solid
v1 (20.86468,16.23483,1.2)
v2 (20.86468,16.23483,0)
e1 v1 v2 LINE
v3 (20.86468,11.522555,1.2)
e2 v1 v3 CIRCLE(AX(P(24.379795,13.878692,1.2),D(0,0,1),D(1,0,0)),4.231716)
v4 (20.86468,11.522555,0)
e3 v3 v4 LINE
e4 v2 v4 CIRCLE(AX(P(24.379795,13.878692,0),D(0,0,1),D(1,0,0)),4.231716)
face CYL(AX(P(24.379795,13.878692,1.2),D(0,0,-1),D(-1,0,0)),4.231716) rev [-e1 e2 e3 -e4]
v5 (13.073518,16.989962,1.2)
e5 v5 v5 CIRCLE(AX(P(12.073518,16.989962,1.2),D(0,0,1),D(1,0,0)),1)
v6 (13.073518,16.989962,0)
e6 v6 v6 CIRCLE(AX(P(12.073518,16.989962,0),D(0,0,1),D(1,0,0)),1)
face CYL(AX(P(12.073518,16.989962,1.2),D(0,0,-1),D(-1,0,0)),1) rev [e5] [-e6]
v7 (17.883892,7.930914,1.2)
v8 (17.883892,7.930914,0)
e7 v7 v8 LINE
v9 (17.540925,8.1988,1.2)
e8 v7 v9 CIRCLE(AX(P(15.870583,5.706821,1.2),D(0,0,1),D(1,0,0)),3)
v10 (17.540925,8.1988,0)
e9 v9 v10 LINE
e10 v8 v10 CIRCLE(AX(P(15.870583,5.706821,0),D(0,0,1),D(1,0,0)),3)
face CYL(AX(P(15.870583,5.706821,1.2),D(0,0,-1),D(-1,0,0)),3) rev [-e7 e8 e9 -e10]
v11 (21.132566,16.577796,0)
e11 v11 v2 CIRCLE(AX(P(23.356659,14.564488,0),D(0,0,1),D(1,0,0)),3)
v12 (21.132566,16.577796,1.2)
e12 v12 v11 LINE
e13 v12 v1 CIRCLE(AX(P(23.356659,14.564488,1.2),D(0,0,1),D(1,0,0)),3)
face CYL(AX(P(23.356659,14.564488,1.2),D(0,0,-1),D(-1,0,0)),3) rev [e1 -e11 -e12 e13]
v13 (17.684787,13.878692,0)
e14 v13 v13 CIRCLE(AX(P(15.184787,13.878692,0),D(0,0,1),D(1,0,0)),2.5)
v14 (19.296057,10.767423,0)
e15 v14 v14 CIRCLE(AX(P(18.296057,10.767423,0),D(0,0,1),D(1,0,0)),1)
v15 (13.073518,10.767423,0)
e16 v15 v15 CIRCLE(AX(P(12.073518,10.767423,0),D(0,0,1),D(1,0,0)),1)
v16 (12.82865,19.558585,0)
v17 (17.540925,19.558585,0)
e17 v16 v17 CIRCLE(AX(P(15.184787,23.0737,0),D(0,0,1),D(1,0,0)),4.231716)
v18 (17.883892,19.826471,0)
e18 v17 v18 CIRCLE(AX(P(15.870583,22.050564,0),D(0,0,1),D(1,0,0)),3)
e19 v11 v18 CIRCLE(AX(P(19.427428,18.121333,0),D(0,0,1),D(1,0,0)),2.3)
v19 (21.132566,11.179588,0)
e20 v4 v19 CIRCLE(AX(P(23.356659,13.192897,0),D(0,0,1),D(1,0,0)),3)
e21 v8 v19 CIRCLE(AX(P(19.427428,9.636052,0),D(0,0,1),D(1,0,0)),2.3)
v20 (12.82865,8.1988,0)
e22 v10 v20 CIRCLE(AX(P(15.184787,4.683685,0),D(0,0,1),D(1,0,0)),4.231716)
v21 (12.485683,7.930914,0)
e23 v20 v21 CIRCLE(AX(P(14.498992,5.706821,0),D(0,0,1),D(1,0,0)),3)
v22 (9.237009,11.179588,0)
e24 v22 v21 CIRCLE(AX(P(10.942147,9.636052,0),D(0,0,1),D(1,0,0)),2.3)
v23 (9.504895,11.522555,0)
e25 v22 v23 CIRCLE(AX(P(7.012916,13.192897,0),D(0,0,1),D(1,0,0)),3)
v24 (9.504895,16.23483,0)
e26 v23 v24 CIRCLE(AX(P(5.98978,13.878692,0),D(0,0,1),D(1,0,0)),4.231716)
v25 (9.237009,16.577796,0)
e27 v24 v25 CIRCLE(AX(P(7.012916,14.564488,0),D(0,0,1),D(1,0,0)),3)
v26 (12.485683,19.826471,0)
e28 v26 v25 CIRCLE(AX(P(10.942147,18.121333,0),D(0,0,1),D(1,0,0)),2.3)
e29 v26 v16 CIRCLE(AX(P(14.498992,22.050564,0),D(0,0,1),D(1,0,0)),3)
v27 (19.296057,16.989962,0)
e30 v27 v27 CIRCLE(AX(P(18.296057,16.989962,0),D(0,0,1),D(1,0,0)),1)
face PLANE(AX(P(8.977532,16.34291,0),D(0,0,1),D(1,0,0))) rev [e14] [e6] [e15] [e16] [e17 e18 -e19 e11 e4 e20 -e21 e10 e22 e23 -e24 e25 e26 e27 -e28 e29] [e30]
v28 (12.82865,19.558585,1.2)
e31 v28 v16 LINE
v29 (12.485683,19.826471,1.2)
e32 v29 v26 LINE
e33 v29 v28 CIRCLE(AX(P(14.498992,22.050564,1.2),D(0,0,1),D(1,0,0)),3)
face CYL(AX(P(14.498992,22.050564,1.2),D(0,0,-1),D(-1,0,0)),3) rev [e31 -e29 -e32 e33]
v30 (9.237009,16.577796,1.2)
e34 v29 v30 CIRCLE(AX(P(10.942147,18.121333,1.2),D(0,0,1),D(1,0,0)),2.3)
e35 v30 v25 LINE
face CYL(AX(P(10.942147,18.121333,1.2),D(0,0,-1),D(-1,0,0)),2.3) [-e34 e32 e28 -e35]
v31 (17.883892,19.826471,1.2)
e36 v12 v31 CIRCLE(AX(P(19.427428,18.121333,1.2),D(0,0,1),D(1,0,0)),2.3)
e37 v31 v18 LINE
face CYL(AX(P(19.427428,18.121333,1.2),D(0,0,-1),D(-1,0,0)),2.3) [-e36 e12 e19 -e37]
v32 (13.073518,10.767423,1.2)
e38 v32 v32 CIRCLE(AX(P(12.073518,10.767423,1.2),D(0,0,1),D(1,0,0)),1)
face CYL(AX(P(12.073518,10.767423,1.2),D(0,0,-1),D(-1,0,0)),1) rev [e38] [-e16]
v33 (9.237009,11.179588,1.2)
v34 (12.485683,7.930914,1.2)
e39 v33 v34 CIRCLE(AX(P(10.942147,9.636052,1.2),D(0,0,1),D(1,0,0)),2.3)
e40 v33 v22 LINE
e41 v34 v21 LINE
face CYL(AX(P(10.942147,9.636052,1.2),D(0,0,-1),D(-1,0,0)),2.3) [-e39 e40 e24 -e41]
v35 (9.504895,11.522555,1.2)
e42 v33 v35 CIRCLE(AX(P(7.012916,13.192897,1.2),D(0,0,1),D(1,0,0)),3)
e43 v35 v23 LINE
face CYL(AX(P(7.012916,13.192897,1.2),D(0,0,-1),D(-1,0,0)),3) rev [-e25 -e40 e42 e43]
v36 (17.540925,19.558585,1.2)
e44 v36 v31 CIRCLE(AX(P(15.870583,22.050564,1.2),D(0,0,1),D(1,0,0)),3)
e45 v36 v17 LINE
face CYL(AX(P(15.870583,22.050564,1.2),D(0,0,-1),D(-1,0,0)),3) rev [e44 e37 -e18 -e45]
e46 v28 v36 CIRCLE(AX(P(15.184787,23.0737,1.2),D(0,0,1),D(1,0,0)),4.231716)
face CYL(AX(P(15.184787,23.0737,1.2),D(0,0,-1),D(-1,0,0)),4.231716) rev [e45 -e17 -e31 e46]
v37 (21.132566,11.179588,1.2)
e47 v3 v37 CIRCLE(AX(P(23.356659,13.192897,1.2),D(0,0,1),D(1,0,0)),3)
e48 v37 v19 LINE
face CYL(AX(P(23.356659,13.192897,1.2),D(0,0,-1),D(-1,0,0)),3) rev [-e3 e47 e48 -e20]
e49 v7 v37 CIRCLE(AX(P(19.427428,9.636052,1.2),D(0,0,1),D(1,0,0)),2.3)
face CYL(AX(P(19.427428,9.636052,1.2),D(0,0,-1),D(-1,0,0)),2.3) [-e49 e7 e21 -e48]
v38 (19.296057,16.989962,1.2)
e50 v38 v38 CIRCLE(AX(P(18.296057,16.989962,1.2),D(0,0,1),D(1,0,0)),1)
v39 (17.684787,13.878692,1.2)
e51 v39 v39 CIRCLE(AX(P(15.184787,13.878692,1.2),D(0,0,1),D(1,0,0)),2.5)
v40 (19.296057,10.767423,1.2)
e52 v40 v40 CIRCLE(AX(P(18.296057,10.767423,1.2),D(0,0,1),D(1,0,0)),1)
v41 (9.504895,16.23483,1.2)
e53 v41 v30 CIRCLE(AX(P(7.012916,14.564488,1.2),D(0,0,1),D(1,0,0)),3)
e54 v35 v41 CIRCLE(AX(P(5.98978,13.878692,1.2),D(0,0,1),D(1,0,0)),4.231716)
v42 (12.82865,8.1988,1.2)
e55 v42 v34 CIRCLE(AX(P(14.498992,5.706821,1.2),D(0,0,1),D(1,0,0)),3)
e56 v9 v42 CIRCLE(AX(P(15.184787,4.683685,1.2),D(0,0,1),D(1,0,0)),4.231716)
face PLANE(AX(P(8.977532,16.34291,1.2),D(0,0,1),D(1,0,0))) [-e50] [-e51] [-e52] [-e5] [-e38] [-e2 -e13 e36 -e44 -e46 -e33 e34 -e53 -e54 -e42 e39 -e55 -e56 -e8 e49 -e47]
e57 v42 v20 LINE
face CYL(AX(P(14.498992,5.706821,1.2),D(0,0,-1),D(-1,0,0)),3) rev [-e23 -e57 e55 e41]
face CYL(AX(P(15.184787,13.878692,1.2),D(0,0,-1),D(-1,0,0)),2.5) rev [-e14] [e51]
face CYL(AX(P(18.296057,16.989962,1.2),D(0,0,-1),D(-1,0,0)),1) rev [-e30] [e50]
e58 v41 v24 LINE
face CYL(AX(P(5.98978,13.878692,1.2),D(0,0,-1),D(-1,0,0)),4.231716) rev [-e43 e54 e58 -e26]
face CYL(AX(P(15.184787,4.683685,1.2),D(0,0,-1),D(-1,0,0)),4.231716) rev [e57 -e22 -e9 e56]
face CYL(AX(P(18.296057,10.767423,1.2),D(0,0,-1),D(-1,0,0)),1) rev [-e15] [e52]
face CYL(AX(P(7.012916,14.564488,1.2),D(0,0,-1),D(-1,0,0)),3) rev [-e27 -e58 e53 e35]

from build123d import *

# Parameters (mm, degrees)
MODEL_R         = 1
MODEL_R_2       = 2.5
EXTRUDE_1_DEPTH = 1.2


with BuildPart() as part:
    # Model → 凸台-拉伸1 (new body)
    with BuildSketch(Plane.XY):
        with BuildLine():
            ThreePointArc((12.485683382, 19.826470809), (12.652302696, 19.686300725), (12.828649886, 19.55858496))
            ThreePointArc((12.828649886, 19.55858496), (15.184787498, 18.84198425), (17.540925109, 19.55858496))
            ThreePointArc((17.540925109, 19.55858496), (17.7172723, 19.686300725), (17.883891613, 19.826470809))
            ThreePointArc((17.883891613, 19.826470809), (21.053773782, 19.747678625), (21.132565966, 16.577796457))
            ThreePointArc((21.132565966, 16.577796457), (20.992395882, 16.411177143), (20.864680117, 16.234829953))
            ThreePointArc((20.864680117, 16.234829953), (20.148079407, 13.878692341), (20.864680117, 11.522554729))
            ThreePointArc((20.864680117, 11.522554729), (20.992395882, 11.346207539), (21.132565966, 11.179588225))
            ThreePointArc((21.132565966, 11.179588225), (21.053773782, 8.009706057), (17.883891613, 7.930913873))
            ThreePointArc((17.883891613, 7.930913873), (17.7172723, 8.071083957), (17.540925109, 8.198799722))
            ThreePointArc((17.540925109, 8.198799722), (15.184787498, 8.915400432), (12.828649886, 8.198799722))
            ThreePointArc((12.828649886, 8.198799722), (12.652302696, 8.071083957), (12.485683382, 7.930913873))
            ThreePointArc((12.485683382, 7.930913873), (9.315801214, 8.009706057), (9.237009029, 11.179588225))
            ThreePointArc((9.237009029, 11.179588225), (9.377179113, 11.346207539), (9.504894878, 11.522554729))
            ThreePointArc((9.504894878, 11.522554729), (10.221495588, 13.878692341), (9.504894878, 16.234829953))
            ThreePointArc((9.504894878, 16.234829953), (9.377179113, 16.411177143), (9.237009029, 16.577796457))
            ThreePointArc((9.237009029, 16.577796457), (9.315801214, 19.747678625), (12.485683382, 19.826470809))
        make_face()
        with Locations((18.296057335, 16.989962178)):
            Circle(MODEL_R, mode=Mode.SUBTRACT)
        with Locations((12.07351766, 16.989962178)):
            Circle(MODEL_R, mode=Mode.SUBTRACT)
        with Locations((12.07351766, 10.767422504)):
            Circle(MODEL_R, mode=Mode.SUBTRACT)
        with Locations((18.296057335, 10.767422504)):
            Circle(MODEL_R, mode=Mode.SUBTRACT)
        with Locations((15.184787498, 13.878692341)):
            Circle(MODEL_R_2, mode=Mode.SUBTRACT)
    extrude(amount=EXTRUDE_1_DEPTH)


solid = part.part
